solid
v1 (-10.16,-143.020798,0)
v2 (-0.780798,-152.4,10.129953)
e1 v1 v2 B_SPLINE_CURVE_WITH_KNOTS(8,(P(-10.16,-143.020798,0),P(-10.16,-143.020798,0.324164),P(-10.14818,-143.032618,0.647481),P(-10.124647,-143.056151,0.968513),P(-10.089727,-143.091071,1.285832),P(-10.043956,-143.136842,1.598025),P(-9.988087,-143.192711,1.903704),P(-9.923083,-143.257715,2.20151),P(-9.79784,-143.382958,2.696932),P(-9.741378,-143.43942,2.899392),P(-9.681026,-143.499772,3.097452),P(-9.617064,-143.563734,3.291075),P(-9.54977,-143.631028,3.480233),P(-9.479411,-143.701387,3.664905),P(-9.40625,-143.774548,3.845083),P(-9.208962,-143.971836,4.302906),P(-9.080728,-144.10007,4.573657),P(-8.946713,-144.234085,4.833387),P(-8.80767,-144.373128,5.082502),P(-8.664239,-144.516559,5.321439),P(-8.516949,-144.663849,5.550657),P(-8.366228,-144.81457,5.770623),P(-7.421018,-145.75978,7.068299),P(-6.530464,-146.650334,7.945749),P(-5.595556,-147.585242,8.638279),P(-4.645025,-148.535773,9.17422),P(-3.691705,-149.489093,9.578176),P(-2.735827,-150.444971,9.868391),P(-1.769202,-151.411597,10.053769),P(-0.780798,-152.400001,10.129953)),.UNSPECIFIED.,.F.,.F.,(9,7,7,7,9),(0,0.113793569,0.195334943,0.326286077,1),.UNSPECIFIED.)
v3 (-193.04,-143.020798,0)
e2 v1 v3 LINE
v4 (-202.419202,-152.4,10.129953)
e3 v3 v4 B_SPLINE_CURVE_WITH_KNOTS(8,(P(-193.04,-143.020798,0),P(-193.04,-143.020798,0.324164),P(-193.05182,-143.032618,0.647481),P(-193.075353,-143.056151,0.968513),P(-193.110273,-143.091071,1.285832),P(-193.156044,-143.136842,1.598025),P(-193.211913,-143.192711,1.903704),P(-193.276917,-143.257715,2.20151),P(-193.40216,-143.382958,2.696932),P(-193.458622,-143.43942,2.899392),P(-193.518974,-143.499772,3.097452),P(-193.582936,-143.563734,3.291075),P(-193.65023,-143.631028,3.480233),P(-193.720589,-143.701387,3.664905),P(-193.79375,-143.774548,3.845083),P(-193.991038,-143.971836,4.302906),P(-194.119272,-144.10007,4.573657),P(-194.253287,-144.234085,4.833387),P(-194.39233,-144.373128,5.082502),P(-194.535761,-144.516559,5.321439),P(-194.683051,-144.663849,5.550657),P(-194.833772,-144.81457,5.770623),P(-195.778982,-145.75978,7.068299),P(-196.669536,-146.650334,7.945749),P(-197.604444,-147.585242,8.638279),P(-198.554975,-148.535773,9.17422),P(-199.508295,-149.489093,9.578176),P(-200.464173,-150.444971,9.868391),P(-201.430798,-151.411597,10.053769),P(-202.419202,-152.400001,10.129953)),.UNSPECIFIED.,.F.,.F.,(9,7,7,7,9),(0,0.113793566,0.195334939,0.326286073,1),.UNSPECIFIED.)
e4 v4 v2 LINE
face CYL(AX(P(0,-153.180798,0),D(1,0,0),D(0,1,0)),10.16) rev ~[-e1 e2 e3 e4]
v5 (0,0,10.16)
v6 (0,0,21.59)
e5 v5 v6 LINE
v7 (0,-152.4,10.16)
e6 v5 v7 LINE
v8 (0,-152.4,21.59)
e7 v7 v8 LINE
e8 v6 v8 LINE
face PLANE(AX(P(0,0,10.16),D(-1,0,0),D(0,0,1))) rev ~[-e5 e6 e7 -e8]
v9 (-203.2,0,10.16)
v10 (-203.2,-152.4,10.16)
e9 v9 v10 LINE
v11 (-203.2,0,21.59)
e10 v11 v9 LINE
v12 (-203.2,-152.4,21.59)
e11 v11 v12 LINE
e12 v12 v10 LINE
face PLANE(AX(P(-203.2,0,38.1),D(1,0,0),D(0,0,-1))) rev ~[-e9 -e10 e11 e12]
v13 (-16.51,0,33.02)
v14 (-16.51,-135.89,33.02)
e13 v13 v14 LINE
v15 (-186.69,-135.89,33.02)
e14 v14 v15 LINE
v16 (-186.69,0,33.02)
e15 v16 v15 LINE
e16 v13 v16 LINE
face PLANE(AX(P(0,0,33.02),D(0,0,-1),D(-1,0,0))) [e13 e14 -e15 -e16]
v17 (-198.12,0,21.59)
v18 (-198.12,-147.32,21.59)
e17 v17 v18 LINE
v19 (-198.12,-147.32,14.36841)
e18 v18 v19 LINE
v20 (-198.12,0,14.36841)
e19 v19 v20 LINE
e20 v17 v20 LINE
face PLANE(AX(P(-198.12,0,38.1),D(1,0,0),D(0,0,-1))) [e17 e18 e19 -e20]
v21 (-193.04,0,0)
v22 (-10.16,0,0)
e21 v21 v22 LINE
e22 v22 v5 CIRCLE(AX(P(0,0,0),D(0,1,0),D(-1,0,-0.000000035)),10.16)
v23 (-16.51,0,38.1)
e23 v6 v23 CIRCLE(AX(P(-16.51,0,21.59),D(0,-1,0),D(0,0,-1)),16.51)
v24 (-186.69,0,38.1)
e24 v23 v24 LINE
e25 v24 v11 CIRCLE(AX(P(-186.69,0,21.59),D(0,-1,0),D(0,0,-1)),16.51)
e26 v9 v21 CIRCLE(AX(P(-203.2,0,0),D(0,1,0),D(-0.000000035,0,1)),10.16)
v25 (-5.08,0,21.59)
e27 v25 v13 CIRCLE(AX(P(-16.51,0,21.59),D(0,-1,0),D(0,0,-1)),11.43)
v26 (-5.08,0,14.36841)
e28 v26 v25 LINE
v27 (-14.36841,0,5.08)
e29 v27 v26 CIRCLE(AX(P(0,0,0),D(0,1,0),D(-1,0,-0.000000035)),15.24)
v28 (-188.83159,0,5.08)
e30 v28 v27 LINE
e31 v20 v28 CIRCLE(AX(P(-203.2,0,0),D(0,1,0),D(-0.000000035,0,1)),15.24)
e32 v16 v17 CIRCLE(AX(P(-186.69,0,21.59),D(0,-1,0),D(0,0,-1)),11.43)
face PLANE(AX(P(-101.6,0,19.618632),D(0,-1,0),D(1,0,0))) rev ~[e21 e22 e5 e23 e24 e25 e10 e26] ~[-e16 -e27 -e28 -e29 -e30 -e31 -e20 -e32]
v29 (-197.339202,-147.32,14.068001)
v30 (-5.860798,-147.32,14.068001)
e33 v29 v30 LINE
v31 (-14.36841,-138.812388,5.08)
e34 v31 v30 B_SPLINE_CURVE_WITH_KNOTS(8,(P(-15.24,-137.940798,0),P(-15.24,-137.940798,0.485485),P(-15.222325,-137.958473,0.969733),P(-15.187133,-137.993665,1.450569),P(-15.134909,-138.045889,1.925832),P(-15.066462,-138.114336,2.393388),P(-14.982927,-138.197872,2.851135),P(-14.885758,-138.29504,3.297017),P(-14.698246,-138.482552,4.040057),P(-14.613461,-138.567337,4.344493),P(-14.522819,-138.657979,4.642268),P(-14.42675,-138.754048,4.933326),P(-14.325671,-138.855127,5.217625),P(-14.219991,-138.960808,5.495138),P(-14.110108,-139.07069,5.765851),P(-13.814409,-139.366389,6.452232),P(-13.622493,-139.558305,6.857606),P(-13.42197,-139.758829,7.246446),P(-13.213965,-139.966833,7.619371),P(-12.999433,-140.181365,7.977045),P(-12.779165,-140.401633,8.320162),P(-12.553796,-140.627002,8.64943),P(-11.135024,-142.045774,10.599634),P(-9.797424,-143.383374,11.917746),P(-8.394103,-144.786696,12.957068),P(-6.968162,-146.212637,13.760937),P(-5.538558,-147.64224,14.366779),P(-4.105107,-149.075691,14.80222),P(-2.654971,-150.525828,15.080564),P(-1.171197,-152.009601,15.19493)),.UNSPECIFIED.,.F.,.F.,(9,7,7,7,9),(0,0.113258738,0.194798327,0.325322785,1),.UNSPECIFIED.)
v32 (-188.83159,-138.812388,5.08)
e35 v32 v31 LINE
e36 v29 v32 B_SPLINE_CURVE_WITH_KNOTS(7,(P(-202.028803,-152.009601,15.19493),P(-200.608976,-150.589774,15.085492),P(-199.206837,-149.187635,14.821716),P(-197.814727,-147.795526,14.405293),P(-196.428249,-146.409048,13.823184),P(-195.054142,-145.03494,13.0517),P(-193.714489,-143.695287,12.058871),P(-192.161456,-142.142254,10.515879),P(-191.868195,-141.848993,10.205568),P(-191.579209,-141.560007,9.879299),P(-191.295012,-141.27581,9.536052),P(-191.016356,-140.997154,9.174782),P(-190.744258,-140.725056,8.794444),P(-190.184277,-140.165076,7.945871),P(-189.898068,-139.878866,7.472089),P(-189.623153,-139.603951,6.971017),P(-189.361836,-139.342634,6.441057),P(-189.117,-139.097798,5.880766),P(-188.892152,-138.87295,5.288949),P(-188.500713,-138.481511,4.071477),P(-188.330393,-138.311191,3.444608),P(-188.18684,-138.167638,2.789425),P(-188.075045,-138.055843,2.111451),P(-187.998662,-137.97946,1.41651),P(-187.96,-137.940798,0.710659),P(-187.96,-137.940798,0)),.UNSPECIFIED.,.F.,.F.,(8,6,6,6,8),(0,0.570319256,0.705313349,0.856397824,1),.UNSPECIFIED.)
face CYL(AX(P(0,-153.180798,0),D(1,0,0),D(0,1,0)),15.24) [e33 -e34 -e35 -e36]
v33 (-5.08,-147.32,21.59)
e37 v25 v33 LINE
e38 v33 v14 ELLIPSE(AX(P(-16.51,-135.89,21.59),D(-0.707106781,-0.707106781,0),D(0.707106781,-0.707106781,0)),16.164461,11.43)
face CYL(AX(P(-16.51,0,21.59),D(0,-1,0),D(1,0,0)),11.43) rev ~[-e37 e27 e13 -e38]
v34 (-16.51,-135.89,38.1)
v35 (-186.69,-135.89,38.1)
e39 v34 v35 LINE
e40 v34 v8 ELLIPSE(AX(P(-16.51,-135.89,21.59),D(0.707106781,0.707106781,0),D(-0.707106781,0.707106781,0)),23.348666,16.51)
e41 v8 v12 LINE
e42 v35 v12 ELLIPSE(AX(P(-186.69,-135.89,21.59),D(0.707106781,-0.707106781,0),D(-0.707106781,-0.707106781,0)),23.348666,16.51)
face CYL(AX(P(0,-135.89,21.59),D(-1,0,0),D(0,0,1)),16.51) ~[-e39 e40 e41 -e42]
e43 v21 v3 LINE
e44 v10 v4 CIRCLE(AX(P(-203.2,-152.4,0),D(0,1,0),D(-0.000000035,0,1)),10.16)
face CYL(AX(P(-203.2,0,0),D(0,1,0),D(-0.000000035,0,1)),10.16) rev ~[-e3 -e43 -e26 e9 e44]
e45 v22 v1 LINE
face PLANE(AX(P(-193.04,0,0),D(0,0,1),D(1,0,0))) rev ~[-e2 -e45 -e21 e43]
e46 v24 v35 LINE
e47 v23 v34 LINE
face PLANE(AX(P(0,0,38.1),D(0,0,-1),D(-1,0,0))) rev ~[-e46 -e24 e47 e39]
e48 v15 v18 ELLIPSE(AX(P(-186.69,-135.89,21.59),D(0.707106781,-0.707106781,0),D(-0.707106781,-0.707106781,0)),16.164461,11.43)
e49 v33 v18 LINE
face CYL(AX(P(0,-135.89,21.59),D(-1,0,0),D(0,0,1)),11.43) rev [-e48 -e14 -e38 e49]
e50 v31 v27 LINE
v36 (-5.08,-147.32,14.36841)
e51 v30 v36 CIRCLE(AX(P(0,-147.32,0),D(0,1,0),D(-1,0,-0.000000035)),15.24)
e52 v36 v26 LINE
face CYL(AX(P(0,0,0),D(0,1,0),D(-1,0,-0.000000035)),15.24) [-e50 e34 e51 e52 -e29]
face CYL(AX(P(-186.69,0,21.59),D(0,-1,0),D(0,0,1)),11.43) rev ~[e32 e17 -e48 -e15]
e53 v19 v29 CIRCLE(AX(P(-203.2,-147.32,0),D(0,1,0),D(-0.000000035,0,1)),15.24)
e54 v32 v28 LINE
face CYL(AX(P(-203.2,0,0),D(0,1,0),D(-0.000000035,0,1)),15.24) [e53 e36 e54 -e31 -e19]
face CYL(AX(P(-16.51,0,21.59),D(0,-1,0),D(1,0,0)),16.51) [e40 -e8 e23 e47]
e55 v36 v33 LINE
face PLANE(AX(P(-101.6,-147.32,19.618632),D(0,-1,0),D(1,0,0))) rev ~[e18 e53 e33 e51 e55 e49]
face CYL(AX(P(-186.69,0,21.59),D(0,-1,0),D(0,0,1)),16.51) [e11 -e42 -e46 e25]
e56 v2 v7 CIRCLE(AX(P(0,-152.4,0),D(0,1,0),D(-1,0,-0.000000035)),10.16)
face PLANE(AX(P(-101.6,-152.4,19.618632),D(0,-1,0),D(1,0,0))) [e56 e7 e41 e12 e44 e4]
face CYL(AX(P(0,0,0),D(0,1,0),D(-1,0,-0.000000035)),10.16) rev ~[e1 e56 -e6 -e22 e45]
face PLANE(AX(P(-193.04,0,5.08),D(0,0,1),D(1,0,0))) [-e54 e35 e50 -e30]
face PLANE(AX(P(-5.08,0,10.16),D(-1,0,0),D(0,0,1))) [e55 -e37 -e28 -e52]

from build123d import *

# Parameters (mm, degrees)
F5_DEPTH = 152.4
F1_R     = 10.16
F2_DEPTH = 254
F3_R     = 16.51
F6_T     = -5.08


with BuildPart() as f5:
    # F0 (on Front) → F5 (new body)
    with BuildSketch(Plane.XZ):
        with BuildLine():
            Line((-193.04, 0), (-10.16, 0))
            ThreePointArc((-10.16, 0), (-7.184205, 7.184205), (0, 10.16))
            Line((0, 10.16), (0, 38.1))
            Line((0, 38.1), (-203.2, 38.1))
            Line((-203.2, 38.1), (-203.2, 10.16))
            ThreePointArc((-203.2, 10.16), (-196.015795, 7.184205), (-193.04, 0))
        make_face()
    extrude(amount=F5_DEPTH)

    # F1 (on face) → F2 (cut)
    with BuildSketch(Plane.YZ):
        with Locations((-153.180798, 0)):
            Circle(F1_R)
    extrude(amount=-F2_DEPTH, mode=Mode.SUBTRACT)

    # F3
    f3_edges = [f5.edges().sort_by_distance(p)[0] for p in [
        (-101.6, -152.4, 38.1),
        (-203.2, -76.2, 38.1),
        (0, -76.2, 38.1),
    ]]
    fillet(f3_edges, radius=F3_R)

    # F6
    f6_openings = [f5.faces().sort_by_distance(p)[0] for p in [
        (-101.6, 0, 19.129387),
    ]]
    offset(amount=F6_T, openings=f6_openings)


solid = f5.part
